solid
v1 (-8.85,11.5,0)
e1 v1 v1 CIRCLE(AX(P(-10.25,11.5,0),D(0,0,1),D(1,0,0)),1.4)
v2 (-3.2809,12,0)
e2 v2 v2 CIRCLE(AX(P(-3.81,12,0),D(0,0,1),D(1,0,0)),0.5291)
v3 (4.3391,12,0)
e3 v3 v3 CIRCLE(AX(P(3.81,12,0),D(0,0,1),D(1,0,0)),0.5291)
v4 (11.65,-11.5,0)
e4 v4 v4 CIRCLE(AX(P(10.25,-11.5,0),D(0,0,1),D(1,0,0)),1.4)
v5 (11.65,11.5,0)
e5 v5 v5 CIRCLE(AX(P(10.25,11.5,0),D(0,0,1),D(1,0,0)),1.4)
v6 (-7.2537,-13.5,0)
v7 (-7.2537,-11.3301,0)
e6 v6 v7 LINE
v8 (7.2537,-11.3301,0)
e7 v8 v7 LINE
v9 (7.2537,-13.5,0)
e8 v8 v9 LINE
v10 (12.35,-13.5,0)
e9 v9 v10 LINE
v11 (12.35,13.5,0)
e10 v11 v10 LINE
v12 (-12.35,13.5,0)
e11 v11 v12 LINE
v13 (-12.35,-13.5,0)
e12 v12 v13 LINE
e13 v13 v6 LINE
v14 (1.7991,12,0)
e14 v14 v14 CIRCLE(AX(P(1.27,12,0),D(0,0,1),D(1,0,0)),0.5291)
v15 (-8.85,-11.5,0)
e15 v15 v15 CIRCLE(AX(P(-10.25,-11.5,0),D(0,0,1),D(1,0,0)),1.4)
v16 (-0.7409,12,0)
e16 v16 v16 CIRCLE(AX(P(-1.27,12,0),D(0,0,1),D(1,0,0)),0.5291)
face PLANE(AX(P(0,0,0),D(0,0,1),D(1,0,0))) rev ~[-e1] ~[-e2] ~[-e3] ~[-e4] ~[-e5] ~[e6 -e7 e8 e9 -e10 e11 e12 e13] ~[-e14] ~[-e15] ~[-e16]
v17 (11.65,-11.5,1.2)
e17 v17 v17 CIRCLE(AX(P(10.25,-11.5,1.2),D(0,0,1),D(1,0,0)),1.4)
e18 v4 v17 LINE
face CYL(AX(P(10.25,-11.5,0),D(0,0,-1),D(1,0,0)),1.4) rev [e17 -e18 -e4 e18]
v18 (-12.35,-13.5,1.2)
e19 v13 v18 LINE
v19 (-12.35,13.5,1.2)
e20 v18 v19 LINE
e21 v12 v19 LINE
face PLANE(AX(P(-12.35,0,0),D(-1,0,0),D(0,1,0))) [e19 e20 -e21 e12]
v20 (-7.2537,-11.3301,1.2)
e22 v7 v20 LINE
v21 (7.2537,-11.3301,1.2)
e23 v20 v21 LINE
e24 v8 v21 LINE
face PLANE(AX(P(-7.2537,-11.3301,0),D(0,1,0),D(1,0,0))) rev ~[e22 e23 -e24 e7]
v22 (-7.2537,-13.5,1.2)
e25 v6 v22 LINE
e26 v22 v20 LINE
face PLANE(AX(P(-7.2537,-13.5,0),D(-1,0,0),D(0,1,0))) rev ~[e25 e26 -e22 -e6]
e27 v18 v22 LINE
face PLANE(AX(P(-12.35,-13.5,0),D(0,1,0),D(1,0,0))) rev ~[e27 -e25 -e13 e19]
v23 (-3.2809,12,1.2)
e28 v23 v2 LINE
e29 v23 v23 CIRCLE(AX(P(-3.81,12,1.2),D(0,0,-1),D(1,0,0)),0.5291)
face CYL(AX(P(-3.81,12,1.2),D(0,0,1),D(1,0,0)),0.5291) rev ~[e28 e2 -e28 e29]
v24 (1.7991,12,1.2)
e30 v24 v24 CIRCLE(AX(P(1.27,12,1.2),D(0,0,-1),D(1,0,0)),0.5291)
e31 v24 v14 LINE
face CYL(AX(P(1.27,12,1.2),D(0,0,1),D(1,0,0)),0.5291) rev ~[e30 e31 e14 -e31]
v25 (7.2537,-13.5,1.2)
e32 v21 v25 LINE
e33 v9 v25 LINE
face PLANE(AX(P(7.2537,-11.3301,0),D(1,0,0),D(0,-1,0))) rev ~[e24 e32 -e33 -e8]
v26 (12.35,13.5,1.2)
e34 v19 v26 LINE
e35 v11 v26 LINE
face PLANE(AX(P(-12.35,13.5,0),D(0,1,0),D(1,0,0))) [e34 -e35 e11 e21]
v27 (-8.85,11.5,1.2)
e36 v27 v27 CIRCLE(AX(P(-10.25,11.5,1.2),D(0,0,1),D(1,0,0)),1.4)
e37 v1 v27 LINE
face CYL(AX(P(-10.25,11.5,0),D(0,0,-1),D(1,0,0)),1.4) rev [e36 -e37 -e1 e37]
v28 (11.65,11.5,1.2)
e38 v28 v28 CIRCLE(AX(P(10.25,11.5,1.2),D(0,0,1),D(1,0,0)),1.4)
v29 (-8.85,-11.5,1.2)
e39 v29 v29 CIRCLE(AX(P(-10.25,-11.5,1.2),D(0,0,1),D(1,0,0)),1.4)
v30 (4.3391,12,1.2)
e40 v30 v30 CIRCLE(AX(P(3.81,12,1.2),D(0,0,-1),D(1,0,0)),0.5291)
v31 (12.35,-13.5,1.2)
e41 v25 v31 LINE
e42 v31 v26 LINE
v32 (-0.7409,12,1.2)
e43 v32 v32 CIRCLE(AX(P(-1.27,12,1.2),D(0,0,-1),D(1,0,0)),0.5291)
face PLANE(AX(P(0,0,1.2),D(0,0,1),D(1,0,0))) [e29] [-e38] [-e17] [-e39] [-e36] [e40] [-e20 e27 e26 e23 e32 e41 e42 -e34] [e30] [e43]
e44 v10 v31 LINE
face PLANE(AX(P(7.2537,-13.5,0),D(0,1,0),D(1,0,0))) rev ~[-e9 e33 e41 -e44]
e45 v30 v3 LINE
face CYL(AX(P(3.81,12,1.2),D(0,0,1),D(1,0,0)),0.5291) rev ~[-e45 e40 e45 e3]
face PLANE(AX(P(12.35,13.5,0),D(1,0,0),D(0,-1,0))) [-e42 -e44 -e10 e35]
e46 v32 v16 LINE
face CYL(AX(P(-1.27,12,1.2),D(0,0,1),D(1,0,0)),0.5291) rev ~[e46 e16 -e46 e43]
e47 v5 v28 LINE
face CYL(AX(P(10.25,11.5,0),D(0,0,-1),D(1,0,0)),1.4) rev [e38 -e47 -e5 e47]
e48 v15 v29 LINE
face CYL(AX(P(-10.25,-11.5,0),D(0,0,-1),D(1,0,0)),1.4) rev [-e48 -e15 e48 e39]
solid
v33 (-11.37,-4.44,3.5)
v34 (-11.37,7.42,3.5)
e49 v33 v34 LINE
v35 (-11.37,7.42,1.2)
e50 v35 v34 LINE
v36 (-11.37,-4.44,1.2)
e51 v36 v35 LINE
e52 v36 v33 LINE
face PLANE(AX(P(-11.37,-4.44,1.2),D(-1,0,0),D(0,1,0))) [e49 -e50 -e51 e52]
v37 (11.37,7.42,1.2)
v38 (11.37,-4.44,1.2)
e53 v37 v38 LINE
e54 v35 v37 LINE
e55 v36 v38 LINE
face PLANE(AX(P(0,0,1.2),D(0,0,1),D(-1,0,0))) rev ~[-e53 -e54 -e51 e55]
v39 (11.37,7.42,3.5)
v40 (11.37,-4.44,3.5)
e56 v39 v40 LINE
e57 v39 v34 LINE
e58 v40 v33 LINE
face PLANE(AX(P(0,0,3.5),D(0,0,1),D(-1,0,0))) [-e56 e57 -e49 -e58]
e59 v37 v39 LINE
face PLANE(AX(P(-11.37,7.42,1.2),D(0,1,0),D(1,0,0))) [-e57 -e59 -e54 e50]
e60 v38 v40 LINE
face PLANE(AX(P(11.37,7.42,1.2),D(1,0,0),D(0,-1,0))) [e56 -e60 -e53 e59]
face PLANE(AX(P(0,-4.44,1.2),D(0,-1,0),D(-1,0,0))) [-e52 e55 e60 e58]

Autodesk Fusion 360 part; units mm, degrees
sketch "Sketch1" plane through (0, 0, 0) normal (0, 0, 1) x (1, 0, 0)
  line L0 (-12.35, 13.5) -> (12.35, 13.5)
  line L1 (12.35, 13.5) -> (12.35, -13.5)
  line L2 (-12.35, -13.5) -> (-12.35, 13.5)
  line L3 (0, 13.5) -> (0, -13.5)
  line L4 (-12.35, 0) -> (12.35, 0)
  circle A0 centre (-10.25, 11.5) radius 1.4
  circle A1 centre (10.25, 11.5) radius 1.4
  circle A2 centre (-10.25, -11.5) radius 1.4
  circle A3 centre (10.25, -11.5) radius 1.4
  line L5 (-7.2537, -13.5) -> (-7.2537, -11.3301)
  line L6 (-7.2537, -11.3301) -> (7.2537, -11.3301)
  line L7 (7.2537, -11.3301) -> (7.2537, -13.5)
  line L8 (7.2537, -13.5) -> (12.35, -13.5)
  line L9 (-12.35, -13.5) -> (-7.2537, -13.5)
  dimension "d1" = 24.7
  dimension "d2" = 27
  dimension "d11" = 2.8
  dimension "d12" = 2
  dimension "d13" = 2.1
  dimension "d15" = 23
extrude "Extrude2" add sketch "Sketch1" along normal blind 1.2 makes body 1
sketch "Sketch3" plane through (0, 0, 1.2) normal (0, 0, 1) x (-1, 0, 0)
  circle A0 centre (10.25, -11.5) radius 1.4
  circle A1 centre (-10.25, -11.5) radius 1.4
  circle A2 centre (-10.25, 11.5) radius 1.4
  circle A3 centre (10.25, 11.5) radius 1.4
  line L0 (-12.35, 13.5) -> (-12.35, -13.5)
  line L1 (-12.35, -13.5) -> (12.35, -13.5)
  line L2 (12.35, -13.5) -> (12.35, 13.5)
  line L3 (11.37, -7.42) -> (-11.37, -7.42)
  line L4 (-11.37, -7.42) -> (-11.37, 4.44)
  line L5 (-11.37, 4.44) -> (11.37, 4.44)
  line L6 (11.37, 4.44) -> (11.37, -7.42)
  line L7 (0, -13.5) -> (0, 13.5)
  line L8 (12.35, -13.5) -> (-12.35, -13.5)
  line L9 (12.35, 13.5) -> (7.2537, 13.5)
  line L10 (7.2537, 13.5) -> (7.2537, 11.3301)
  line L11 (7.2537, 11.3301) -> (-7.2537, 11.3301)
  line L12 (-7.2537, 11.3301) -> (-7.2537, 13.5)
  line L13 (-7.2537, 13.5) -> (-12.35, 13.5)
  dimension "d18" = 22.74
  dimension "d19" = 11.86
  dimension "d20" = 6.08
extrude "Extrude3" add sketch "Sketch3" along normal blind 2.3 separate body contours L3 L5 L6 L7 | L3 L4 L5 L7 makes body 2
sketch "Sketch4" plane through (0, 0, 1.2) normal (0, 0, 1) x (-1, 0, 0)
  circle A0 centre (10.25, -11.5) radius 1.4
  circle A1 centre (-10.25, -11.5) radius 1.4
  circle A2 centre (10.25, 11.5) radius 1.4
  circle A3 centre (-10.25, 11.5) radius 1.4
  line L0 (12.35, -13.5) -> (12.35, 13.5)
  line L1 (12.35, 13.5) -> (7.2537, 13.5)
  line L2 (7.2537, 13.5) -> (7.2537, 11.3301)
  line L3 (7.2537, 11.3301) -> (-7.2537, 11.3301)
  line L4 (-7.2537, 11.3301) -> (-7.2537, 13.5)
  line L5 (-7.2537, 13.5) -> (-12.35, 13.5)
  line L6 (-12.35, 13.5) -> (-12.35, -13.5)
  line L7 (-12.35, -13.5) -> (12.35, -13.5)
  line L8 (8.3994, -12) -> (-8.3994, -12) construction
  line L9 (12.35, -13.5) -> (-12.35, -13.5) construction
  line L10 (0, -13.5) -> (0, 13.5) construction
  dimension "d23" = 1.5
sketch "Sketch5" plane through (0, 0, 1.2) normal (0, 0, 1) x (1, 0, 0)
  circle A0 centre (-3.81, 12) radius 0.5291
  circle A1 centre (-1.27, 12) radius 0.5291
  circle A2 centre (1.27, 12) radius 0.5291
  circle A3 centre (3.81, 12) radius 0.5291
  line L0 (0, 13.5) -> (0, -13.5)
  line L1 (-8.3994, 12) -> (8.3994, 12)
  dimension "d29" = 2.54
  dimension "d30" = 2.54
extrude "Extrude4" cut sketch "Sketch5" against normal up to surface (1.2 mm away) bodies 1
sketch "Sketch2" plane through (0, 0, 1.2) normal (0, 0, 1) x (-1, 0, 0)
  line L0 (13, 14) -> (-11.7, 14)
  line L1 (-11.7, 14) -> (-11.7, -13)
  line L2 (-11.7, -13) -> (13, -13)
  line L3 (13, -13) -> (13, 14)
